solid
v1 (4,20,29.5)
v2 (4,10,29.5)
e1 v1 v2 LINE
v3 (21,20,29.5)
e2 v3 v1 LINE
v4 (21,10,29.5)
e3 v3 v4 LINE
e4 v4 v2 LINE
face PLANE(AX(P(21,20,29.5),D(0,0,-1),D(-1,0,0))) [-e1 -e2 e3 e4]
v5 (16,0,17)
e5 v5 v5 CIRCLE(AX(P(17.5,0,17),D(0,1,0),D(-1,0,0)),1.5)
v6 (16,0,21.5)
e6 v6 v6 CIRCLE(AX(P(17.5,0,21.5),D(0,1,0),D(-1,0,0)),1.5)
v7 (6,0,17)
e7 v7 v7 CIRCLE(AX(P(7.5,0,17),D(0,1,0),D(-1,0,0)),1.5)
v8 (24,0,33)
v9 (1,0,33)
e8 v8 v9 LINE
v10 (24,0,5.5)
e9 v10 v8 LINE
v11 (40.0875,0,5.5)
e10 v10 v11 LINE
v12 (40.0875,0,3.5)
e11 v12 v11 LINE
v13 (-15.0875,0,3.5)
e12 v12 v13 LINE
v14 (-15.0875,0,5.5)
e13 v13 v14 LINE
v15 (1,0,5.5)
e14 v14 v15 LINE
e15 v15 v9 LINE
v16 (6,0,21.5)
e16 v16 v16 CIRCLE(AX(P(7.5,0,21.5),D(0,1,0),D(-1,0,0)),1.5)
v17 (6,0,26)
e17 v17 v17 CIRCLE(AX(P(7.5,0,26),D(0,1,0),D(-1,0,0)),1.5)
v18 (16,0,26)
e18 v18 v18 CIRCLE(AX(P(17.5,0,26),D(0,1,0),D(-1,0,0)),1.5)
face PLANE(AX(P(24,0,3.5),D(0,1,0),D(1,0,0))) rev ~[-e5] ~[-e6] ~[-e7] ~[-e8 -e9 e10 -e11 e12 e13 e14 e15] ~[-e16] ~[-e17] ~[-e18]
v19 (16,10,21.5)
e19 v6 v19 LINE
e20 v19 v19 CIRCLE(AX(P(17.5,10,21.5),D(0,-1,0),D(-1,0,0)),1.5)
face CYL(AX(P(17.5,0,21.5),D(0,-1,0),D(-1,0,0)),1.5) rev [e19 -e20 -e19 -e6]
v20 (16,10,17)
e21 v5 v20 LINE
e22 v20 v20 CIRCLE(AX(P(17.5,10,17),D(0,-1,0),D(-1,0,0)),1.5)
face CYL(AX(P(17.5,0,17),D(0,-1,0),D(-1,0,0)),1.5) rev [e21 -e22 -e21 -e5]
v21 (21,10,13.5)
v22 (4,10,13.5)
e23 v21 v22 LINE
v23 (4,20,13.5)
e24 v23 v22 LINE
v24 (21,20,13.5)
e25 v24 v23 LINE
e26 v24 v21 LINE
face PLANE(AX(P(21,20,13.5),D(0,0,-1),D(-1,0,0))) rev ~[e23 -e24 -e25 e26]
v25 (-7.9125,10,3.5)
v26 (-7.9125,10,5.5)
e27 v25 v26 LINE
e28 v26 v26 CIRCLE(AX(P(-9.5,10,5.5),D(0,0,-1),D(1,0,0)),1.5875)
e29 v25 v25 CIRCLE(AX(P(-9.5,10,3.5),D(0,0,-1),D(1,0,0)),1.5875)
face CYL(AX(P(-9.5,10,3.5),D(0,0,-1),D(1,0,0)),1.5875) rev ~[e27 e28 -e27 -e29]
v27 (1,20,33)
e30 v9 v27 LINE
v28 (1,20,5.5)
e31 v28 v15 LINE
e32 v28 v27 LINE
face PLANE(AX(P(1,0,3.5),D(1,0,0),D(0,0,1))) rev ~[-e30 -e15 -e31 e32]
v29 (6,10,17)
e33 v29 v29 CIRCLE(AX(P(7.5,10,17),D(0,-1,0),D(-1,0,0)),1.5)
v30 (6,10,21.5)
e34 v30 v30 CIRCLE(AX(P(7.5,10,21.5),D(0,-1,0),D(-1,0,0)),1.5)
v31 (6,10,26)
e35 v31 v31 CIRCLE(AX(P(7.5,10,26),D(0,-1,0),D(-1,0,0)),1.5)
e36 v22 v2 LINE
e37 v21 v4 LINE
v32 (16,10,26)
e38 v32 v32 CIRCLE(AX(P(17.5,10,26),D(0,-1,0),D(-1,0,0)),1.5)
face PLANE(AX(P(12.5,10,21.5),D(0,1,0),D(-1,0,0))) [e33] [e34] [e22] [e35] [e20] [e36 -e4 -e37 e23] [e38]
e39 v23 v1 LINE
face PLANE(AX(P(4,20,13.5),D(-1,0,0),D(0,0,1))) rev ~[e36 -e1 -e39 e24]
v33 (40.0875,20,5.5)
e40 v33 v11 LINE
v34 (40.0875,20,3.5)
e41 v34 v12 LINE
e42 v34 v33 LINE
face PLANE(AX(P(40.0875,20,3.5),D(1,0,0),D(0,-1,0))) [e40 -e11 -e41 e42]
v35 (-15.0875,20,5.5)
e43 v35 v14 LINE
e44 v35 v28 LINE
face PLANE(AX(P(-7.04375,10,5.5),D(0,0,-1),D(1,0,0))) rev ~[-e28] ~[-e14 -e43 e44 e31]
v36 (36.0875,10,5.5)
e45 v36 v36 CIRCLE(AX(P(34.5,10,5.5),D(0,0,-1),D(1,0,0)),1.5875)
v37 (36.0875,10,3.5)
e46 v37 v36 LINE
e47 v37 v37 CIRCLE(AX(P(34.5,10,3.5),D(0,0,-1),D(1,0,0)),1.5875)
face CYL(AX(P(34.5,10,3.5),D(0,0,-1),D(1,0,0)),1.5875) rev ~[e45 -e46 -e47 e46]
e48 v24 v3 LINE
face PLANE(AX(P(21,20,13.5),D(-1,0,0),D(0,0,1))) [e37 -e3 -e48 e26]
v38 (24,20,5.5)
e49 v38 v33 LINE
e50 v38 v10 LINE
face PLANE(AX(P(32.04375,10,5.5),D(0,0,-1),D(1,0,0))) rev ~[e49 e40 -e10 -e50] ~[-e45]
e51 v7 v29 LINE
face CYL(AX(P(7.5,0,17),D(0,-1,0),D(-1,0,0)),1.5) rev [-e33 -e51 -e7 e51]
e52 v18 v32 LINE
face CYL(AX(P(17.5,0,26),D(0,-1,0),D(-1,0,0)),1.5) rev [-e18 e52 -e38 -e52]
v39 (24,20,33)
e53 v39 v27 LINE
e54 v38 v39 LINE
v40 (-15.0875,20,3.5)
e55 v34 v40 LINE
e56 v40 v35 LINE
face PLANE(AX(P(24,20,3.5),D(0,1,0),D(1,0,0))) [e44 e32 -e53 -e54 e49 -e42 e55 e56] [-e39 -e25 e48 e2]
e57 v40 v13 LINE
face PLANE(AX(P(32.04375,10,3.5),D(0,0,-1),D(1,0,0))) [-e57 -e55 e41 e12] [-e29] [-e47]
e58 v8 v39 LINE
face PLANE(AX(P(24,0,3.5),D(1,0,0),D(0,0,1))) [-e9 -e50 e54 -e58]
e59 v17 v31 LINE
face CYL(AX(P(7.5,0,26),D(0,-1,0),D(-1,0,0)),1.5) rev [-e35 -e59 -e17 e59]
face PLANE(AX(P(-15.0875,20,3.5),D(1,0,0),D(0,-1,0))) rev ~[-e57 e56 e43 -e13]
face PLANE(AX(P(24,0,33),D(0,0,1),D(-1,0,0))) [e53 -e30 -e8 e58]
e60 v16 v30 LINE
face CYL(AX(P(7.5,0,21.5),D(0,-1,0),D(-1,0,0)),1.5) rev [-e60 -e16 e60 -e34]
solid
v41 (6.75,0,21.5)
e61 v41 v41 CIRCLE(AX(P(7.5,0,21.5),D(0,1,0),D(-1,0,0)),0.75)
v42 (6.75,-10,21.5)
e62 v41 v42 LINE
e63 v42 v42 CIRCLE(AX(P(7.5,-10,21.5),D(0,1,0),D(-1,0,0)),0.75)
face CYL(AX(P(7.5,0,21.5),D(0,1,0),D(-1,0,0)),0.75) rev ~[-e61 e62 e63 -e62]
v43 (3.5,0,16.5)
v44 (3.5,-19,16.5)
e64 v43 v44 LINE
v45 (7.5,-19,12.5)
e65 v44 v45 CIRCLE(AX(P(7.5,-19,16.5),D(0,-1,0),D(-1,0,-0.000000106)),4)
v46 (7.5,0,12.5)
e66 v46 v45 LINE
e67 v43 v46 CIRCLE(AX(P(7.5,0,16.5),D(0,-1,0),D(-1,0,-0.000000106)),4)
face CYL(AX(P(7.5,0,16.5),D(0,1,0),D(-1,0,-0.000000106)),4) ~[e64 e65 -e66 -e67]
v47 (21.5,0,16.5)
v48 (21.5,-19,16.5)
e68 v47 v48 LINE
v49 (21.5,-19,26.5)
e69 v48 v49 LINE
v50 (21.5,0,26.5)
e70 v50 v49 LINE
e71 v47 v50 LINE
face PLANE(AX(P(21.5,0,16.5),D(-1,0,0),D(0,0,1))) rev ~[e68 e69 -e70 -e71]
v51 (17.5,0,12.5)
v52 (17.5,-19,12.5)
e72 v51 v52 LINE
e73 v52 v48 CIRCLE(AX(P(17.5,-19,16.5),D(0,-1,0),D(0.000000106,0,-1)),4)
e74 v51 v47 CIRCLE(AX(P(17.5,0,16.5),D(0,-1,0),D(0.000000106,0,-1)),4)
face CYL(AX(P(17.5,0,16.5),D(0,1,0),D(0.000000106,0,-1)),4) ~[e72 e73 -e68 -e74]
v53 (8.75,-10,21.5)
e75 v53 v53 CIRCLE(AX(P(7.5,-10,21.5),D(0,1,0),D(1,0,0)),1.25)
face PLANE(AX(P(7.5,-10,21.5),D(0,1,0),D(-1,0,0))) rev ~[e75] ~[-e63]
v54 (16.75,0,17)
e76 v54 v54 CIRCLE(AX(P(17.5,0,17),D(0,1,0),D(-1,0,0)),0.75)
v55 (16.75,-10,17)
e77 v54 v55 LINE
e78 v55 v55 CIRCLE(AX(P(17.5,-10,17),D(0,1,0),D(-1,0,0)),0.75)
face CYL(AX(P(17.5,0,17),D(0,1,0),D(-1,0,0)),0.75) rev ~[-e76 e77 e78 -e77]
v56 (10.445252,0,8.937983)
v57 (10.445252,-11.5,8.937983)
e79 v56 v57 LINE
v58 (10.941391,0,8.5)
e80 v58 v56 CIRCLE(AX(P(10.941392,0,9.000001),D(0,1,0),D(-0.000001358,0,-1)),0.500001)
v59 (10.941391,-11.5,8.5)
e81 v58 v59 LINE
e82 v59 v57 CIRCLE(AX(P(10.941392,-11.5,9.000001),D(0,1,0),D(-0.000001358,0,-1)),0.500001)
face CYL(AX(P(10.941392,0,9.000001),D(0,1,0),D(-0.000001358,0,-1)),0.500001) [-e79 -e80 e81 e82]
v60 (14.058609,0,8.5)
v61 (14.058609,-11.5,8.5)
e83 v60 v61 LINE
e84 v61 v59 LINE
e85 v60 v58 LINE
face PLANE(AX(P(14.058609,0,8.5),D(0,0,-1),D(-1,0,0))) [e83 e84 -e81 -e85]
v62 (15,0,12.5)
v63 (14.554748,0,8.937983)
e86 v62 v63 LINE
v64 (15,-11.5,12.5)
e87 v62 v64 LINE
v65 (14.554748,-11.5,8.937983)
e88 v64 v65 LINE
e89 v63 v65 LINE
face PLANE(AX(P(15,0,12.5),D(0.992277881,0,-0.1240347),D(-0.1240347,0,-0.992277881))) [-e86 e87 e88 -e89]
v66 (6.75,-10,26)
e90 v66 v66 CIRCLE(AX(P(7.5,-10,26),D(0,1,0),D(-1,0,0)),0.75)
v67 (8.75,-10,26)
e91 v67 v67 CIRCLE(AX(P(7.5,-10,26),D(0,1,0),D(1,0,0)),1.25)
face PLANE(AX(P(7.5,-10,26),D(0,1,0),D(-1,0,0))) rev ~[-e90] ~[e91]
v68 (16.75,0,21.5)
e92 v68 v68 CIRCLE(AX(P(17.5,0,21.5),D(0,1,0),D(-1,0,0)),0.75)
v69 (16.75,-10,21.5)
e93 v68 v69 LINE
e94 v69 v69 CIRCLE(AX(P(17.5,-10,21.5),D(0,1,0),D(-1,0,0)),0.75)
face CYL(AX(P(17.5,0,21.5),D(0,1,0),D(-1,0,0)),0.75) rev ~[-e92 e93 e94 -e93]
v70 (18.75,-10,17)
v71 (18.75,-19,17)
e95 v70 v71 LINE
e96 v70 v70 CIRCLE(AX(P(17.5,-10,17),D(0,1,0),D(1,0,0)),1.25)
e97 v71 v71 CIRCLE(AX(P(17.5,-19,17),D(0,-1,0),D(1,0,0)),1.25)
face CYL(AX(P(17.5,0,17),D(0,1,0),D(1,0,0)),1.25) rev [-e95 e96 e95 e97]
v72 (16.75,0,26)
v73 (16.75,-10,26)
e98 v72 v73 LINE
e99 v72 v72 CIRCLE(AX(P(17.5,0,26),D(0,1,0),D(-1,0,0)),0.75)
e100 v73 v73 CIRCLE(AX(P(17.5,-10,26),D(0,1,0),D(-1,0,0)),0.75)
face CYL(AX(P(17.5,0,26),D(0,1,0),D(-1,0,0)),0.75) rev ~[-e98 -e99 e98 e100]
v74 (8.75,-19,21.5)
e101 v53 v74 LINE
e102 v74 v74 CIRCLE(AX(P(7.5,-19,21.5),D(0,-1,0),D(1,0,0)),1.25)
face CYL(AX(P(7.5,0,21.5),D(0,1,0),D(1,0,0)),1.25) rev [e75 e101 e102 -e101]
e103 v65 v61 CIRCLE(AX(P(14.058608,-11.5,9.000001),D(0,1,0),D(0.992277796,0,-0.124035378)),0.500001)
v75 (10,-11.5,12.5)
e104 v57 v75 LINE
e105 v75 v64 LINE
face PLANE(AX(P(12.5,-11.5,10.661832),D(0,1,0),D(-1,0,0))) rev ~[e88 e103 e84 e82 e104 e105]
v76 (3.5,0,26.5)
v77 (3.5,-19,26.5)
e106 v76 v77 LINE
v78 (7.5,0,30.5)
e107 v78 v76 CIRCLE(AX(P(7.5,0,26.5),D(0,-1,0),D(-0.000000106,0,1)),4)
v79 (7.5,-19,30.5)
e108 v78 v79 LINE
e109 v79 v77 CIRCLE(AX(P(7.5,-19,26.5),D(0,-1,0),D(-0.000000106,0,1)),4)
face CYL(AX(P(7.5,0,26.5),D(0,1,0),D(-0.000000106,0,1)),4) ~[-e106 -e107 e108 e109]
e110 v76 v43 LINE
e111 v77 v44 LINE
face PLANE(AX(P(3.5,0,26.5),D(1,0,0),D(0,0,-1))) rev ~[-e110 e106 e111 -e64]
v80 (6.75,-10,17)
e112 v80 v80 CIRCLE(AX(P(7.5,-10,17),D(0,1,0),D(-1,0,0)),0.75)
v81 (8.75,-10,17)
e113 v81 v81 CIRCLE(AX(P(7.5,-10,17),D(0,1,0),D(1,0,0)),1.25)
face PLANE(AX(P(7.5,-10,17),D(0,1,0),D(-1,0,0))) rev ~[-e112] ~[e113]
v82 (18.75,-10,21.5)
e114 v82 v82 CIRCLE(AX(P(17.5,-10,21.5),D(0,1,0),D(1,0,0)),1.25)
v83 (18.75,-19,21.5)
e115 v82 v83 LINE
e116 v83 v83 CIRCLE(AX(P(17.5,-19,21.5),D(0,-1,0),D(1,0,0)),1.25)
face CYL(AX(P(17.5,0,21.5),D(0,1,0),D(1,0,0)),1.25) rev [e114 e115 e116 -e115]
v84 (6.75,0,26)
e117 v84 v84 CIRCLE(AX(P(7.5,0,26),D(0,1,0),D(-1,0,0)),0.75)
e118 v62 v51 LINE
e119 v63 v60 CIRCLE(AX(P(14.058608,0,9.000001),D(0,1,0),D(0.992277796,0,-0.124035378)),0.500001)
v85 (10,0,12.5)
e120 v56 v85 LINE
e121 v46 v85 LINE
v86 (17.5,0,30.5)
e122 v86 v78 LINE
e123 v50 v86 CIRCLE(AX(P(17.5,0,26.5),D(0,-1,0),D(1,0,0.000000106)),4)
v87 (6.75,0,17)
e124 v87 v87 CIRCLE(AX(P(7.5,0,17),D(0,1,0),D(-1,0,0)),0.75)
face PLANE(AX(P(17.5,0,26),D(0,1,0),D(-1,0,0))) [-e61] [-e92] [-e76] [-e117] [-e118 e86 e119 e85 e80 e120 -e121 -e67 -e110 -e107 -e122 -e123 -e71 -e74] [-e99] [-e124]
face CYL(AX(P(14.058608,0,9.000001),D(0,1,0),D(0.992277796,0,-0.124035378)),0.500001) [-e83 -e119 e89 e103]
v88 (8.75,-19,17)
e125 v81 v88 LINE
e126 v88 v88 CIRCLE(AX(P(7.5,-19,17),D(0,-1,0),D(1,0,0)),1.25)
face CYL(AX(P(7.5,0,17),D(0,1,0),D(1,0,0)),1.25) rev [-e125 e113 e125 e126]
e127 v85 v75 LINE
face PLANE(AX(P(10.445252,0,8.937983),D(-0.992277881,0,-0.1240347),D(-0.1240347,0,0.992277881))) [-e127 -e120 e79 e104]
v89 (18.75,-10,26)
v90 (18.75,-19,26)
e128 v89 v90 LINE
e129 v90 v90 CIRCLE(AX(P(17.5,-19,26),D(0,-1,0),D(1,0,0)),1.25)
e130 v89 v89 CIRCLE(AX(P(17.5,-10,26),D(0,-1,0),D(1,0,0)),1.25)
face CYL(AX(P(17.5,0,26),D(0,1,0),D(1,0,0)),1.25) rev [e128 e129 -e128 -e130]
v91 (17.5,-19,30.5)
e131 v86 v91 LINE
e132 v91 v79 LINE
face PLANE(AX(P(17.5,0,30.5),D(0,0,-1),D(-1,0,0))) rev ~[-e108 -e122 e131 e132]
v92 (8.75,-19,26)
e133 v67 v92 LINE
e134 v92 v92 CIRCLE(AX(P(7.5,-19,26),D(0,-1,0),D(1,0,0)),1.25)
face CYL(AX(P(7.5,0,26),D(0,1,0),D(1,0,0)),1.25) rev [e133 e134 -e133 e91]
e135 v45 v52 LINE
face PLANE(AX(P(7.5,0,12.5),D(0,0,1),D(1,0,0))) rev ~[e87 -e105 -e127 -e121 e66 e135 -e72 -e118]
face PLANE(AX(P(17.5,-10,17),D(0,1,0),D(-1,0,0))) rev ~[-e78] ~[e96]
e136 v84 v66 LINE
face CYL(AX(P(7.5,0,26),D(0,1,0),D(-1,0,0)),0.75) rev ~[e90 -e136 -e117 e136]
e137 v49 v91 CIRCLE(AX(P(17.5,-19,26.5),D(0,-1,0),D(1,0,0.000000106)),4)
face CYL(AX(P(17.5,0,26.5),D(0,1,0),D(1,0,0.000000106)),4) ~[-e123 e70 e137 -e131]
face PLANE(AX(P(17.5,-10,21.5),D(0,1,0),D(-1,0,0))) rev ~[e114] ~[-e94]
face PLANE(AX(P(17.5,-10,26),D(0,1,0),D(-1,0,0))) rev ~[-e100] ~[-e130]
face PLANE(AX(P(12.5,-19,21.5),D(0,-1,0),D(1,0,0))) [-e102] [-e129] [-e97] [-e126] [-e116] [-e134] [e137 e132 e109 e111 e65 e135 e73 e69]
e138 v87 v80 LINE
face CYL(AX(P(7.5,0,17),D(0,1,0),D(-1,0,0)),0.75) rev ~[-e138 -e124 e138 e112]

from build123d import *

# Parameters (mm, degrees)
F0_R      = 1.25
F1_DEPTH  = 19
F3_DEPTH  = 11.5
F4_R      = 1.25
F4_R_2    = 0.75
F5_DEPTH  = 10
F6_W      = 23
F6_H      = 29.5
F6_R      = 1.5
F7_DEPTH  = 20
F8_W      = 16.0875
F8_H      = 20
F8_R      = 1.5875
F9_DEPTH  = 2
F10_W     = 17
F10_H     = 16
F11_DEPTH = 10


with BuildPart() as f1:
    # F0 (on Front) → F1 (new body)
    with BuildSketch(Plane.XZ):
        with BuildLine():
            Line((17.5, 30.5), (7.5, 30.5))
            ThreePointArc((7.5, 30.5), (4.671573, 29.328427), (3.5, 26.5))
            Line((3.5, 26.5), (3.5, 16.5))
            ThreePointArc((3.5, 16.5), (4.671573, 13.671573), (7.5, 12.5))
            Line((7.5, 12.5), (17.5, 12.5))
            ThreePointArc((17.5, 12.5), (20.328427, 13.671573), (21.5, 16.5))
            Line((21.5, 16.5), (21.5, 26.5))
            ThreePointArc((21.5, 26.5), (20.328427, 29.328427), (17.5, 30.5))
        make_face()
        with Locations((7.5, 17)):
            Circle(F0_R, mode=Mode.SUBTRACT)
        with Locations((17.5, 17)):
            Circle(F0_R, mode=Mode.SUBTRACT)
        with Locations((7.5, 21.5)):
            Circle(F0_R, mode=Mode.SUBTRACT)
        with Locations((7.5, 26)):
            Circle(F0_R, mode=Mode.SUBTRACT)
        with Locations((17.5, 21.5)):
            Circle(F0_R, mode=Mode.SUBTRACT)
        with Locations((17.5, 26)):
            Circle(F0_R, mode=Mode.SUBTRACT)
    extrude(amount=F1_DEPTH)

    # F2 (on face) → F3 (join)
    with BuildSketch(Plane(origin=(0, 0, 0), x_dir=(-1, 0, 0), z_dir=(0, 1, 0))):
        with BuildLine():
            Line((-10, 12.5), (-15, 12.5))
            Line((-15, 12.5), (-14.554748, 8.937983))
            ThreePointArc((-14.554748, 8.937983), (-14.38951, 8.625161), (-14.058609, 8.5))
            Line((-14.058609, 8.5), (-10.941391, 8.5))
            ThreePointArc((-10.941391, 8.5), (-10.61049, 8.625161), (-10.445252, 8.937983))
            Line((-10.445252, 8.937983), (-10, 12.5))
        make_face()
    extrude(amount=-F3_DEPTH)

    # F4 (on face) → F5 (join)
    with BuildSketch(Plane(origin=(0, 0, 0), x_dir=(-1, 0, 0), z_dir=(0, 1, 0))):
        with Locations((-17.5, 26)):
            Circle(F4_R)
        with Locations((-17.5, 26)):
            Circle(F4_R_2, mode=Mode.SUBTRACT)
        with Locations((-7.5, 26)):
            Circle(F4_R)
        with Locations((-7.5, 26)):
            Circle(F4_R_2, mode=Mode.SUBTRACT)
        with Locations((-7.5, 21.5)):
            Circle(F4_R)
        with Locations((-7.5, 21.5)):
            Circle(F4_R_2, mode=Mode.SUBTRACT)
        with Locations((-7.5, 17)):
            Circle(F4_R)
        with Locations((-7.5, 17)):
            Circle(F4_R_2, mode=Mode.SUBTRACT)
        with Locations((-17.5, 17)):
            Circle(F4_R)
        with Locations((-17.5, 17)):
            Circle(F4_R_2, mode=Mode.SUBTRACT)
        with Locations((-17.5, 21.5)):
            Circle(F4_R)
        with Locations((-17.5, 21.5)):
            Circle(F4_R_2, mode=Mode.SUBTRACT)
    extrude(amount=-F5_DEPTH)


with BuildPart() as f7:
    # F6 (on face) → F7 (new body)
    with BuildSketch(Plane(origin=(0, 0, 0), x_dir=(-1, 0, 0), z_dir=(0, 1, 0))):
        with Locations((-12.5, 18.25)):
            Rectangle(F6_W, F6_H)
        with Locations((-17.5, 17)):
            Circle(F6_R, mode=Mode.SUBTRACT)
        with Locations((-7.5, 17)):
            Circle(F6_R, mode=Mode.SUBTRACT)
        with Locations((-17.5, 21.5)):
            Circle(F6_R, mode=Mode.SUBTRACT)
        with Locations((-17.5, 26)):
            Circle(F6_R, mode=Mode.SUBTRACT)
        with Locations((-7.5, 21.5)):
            Circle(F6_R, mode=Mode.SUBTRACT)
        with Locations((-7.5, 26)):
            Circle(F6_R, mode=Mode.SUBTRACT)
    extrude(amount=F7_DEPTH)

    # F8 (on face) → F9 (join)
    with BuildSketch(Plane(origin=(0, 0, 3.5), x_dir=(1, 0, 0), z_dir=(0, 0, -1))):
        with Locations((32.04375, -10)):
            Rectangle(F8_W, F8_H)
        with Locations((34.5, -10)):
            Circle(F8_R, mode=Mode.SUBTRACT)
        with Locations((-7.04375, -10)):
            Rectangle(F8_W, F8_H)
        with Locations((-9.5, -10)):
            Circle(F8_R, mode=Mode.SUBTRACT)
    extrude(amount=-F9_DEPTH)

    # F10 (on face) → F11 (cut)
    with BuildSketch(Plane(origin=(0, 20, 0), x_dir=(-1, 0, 0), z_dir=(0, 1, 0))):
        with Locations((-12.5, 21.5)):
            Rectangle(F10_W, F10_H)
    extrude(amount=-F11_DEPTH, mode=Mode.SUBTRACT)


solid = Compound([f1.part, f7.part])
